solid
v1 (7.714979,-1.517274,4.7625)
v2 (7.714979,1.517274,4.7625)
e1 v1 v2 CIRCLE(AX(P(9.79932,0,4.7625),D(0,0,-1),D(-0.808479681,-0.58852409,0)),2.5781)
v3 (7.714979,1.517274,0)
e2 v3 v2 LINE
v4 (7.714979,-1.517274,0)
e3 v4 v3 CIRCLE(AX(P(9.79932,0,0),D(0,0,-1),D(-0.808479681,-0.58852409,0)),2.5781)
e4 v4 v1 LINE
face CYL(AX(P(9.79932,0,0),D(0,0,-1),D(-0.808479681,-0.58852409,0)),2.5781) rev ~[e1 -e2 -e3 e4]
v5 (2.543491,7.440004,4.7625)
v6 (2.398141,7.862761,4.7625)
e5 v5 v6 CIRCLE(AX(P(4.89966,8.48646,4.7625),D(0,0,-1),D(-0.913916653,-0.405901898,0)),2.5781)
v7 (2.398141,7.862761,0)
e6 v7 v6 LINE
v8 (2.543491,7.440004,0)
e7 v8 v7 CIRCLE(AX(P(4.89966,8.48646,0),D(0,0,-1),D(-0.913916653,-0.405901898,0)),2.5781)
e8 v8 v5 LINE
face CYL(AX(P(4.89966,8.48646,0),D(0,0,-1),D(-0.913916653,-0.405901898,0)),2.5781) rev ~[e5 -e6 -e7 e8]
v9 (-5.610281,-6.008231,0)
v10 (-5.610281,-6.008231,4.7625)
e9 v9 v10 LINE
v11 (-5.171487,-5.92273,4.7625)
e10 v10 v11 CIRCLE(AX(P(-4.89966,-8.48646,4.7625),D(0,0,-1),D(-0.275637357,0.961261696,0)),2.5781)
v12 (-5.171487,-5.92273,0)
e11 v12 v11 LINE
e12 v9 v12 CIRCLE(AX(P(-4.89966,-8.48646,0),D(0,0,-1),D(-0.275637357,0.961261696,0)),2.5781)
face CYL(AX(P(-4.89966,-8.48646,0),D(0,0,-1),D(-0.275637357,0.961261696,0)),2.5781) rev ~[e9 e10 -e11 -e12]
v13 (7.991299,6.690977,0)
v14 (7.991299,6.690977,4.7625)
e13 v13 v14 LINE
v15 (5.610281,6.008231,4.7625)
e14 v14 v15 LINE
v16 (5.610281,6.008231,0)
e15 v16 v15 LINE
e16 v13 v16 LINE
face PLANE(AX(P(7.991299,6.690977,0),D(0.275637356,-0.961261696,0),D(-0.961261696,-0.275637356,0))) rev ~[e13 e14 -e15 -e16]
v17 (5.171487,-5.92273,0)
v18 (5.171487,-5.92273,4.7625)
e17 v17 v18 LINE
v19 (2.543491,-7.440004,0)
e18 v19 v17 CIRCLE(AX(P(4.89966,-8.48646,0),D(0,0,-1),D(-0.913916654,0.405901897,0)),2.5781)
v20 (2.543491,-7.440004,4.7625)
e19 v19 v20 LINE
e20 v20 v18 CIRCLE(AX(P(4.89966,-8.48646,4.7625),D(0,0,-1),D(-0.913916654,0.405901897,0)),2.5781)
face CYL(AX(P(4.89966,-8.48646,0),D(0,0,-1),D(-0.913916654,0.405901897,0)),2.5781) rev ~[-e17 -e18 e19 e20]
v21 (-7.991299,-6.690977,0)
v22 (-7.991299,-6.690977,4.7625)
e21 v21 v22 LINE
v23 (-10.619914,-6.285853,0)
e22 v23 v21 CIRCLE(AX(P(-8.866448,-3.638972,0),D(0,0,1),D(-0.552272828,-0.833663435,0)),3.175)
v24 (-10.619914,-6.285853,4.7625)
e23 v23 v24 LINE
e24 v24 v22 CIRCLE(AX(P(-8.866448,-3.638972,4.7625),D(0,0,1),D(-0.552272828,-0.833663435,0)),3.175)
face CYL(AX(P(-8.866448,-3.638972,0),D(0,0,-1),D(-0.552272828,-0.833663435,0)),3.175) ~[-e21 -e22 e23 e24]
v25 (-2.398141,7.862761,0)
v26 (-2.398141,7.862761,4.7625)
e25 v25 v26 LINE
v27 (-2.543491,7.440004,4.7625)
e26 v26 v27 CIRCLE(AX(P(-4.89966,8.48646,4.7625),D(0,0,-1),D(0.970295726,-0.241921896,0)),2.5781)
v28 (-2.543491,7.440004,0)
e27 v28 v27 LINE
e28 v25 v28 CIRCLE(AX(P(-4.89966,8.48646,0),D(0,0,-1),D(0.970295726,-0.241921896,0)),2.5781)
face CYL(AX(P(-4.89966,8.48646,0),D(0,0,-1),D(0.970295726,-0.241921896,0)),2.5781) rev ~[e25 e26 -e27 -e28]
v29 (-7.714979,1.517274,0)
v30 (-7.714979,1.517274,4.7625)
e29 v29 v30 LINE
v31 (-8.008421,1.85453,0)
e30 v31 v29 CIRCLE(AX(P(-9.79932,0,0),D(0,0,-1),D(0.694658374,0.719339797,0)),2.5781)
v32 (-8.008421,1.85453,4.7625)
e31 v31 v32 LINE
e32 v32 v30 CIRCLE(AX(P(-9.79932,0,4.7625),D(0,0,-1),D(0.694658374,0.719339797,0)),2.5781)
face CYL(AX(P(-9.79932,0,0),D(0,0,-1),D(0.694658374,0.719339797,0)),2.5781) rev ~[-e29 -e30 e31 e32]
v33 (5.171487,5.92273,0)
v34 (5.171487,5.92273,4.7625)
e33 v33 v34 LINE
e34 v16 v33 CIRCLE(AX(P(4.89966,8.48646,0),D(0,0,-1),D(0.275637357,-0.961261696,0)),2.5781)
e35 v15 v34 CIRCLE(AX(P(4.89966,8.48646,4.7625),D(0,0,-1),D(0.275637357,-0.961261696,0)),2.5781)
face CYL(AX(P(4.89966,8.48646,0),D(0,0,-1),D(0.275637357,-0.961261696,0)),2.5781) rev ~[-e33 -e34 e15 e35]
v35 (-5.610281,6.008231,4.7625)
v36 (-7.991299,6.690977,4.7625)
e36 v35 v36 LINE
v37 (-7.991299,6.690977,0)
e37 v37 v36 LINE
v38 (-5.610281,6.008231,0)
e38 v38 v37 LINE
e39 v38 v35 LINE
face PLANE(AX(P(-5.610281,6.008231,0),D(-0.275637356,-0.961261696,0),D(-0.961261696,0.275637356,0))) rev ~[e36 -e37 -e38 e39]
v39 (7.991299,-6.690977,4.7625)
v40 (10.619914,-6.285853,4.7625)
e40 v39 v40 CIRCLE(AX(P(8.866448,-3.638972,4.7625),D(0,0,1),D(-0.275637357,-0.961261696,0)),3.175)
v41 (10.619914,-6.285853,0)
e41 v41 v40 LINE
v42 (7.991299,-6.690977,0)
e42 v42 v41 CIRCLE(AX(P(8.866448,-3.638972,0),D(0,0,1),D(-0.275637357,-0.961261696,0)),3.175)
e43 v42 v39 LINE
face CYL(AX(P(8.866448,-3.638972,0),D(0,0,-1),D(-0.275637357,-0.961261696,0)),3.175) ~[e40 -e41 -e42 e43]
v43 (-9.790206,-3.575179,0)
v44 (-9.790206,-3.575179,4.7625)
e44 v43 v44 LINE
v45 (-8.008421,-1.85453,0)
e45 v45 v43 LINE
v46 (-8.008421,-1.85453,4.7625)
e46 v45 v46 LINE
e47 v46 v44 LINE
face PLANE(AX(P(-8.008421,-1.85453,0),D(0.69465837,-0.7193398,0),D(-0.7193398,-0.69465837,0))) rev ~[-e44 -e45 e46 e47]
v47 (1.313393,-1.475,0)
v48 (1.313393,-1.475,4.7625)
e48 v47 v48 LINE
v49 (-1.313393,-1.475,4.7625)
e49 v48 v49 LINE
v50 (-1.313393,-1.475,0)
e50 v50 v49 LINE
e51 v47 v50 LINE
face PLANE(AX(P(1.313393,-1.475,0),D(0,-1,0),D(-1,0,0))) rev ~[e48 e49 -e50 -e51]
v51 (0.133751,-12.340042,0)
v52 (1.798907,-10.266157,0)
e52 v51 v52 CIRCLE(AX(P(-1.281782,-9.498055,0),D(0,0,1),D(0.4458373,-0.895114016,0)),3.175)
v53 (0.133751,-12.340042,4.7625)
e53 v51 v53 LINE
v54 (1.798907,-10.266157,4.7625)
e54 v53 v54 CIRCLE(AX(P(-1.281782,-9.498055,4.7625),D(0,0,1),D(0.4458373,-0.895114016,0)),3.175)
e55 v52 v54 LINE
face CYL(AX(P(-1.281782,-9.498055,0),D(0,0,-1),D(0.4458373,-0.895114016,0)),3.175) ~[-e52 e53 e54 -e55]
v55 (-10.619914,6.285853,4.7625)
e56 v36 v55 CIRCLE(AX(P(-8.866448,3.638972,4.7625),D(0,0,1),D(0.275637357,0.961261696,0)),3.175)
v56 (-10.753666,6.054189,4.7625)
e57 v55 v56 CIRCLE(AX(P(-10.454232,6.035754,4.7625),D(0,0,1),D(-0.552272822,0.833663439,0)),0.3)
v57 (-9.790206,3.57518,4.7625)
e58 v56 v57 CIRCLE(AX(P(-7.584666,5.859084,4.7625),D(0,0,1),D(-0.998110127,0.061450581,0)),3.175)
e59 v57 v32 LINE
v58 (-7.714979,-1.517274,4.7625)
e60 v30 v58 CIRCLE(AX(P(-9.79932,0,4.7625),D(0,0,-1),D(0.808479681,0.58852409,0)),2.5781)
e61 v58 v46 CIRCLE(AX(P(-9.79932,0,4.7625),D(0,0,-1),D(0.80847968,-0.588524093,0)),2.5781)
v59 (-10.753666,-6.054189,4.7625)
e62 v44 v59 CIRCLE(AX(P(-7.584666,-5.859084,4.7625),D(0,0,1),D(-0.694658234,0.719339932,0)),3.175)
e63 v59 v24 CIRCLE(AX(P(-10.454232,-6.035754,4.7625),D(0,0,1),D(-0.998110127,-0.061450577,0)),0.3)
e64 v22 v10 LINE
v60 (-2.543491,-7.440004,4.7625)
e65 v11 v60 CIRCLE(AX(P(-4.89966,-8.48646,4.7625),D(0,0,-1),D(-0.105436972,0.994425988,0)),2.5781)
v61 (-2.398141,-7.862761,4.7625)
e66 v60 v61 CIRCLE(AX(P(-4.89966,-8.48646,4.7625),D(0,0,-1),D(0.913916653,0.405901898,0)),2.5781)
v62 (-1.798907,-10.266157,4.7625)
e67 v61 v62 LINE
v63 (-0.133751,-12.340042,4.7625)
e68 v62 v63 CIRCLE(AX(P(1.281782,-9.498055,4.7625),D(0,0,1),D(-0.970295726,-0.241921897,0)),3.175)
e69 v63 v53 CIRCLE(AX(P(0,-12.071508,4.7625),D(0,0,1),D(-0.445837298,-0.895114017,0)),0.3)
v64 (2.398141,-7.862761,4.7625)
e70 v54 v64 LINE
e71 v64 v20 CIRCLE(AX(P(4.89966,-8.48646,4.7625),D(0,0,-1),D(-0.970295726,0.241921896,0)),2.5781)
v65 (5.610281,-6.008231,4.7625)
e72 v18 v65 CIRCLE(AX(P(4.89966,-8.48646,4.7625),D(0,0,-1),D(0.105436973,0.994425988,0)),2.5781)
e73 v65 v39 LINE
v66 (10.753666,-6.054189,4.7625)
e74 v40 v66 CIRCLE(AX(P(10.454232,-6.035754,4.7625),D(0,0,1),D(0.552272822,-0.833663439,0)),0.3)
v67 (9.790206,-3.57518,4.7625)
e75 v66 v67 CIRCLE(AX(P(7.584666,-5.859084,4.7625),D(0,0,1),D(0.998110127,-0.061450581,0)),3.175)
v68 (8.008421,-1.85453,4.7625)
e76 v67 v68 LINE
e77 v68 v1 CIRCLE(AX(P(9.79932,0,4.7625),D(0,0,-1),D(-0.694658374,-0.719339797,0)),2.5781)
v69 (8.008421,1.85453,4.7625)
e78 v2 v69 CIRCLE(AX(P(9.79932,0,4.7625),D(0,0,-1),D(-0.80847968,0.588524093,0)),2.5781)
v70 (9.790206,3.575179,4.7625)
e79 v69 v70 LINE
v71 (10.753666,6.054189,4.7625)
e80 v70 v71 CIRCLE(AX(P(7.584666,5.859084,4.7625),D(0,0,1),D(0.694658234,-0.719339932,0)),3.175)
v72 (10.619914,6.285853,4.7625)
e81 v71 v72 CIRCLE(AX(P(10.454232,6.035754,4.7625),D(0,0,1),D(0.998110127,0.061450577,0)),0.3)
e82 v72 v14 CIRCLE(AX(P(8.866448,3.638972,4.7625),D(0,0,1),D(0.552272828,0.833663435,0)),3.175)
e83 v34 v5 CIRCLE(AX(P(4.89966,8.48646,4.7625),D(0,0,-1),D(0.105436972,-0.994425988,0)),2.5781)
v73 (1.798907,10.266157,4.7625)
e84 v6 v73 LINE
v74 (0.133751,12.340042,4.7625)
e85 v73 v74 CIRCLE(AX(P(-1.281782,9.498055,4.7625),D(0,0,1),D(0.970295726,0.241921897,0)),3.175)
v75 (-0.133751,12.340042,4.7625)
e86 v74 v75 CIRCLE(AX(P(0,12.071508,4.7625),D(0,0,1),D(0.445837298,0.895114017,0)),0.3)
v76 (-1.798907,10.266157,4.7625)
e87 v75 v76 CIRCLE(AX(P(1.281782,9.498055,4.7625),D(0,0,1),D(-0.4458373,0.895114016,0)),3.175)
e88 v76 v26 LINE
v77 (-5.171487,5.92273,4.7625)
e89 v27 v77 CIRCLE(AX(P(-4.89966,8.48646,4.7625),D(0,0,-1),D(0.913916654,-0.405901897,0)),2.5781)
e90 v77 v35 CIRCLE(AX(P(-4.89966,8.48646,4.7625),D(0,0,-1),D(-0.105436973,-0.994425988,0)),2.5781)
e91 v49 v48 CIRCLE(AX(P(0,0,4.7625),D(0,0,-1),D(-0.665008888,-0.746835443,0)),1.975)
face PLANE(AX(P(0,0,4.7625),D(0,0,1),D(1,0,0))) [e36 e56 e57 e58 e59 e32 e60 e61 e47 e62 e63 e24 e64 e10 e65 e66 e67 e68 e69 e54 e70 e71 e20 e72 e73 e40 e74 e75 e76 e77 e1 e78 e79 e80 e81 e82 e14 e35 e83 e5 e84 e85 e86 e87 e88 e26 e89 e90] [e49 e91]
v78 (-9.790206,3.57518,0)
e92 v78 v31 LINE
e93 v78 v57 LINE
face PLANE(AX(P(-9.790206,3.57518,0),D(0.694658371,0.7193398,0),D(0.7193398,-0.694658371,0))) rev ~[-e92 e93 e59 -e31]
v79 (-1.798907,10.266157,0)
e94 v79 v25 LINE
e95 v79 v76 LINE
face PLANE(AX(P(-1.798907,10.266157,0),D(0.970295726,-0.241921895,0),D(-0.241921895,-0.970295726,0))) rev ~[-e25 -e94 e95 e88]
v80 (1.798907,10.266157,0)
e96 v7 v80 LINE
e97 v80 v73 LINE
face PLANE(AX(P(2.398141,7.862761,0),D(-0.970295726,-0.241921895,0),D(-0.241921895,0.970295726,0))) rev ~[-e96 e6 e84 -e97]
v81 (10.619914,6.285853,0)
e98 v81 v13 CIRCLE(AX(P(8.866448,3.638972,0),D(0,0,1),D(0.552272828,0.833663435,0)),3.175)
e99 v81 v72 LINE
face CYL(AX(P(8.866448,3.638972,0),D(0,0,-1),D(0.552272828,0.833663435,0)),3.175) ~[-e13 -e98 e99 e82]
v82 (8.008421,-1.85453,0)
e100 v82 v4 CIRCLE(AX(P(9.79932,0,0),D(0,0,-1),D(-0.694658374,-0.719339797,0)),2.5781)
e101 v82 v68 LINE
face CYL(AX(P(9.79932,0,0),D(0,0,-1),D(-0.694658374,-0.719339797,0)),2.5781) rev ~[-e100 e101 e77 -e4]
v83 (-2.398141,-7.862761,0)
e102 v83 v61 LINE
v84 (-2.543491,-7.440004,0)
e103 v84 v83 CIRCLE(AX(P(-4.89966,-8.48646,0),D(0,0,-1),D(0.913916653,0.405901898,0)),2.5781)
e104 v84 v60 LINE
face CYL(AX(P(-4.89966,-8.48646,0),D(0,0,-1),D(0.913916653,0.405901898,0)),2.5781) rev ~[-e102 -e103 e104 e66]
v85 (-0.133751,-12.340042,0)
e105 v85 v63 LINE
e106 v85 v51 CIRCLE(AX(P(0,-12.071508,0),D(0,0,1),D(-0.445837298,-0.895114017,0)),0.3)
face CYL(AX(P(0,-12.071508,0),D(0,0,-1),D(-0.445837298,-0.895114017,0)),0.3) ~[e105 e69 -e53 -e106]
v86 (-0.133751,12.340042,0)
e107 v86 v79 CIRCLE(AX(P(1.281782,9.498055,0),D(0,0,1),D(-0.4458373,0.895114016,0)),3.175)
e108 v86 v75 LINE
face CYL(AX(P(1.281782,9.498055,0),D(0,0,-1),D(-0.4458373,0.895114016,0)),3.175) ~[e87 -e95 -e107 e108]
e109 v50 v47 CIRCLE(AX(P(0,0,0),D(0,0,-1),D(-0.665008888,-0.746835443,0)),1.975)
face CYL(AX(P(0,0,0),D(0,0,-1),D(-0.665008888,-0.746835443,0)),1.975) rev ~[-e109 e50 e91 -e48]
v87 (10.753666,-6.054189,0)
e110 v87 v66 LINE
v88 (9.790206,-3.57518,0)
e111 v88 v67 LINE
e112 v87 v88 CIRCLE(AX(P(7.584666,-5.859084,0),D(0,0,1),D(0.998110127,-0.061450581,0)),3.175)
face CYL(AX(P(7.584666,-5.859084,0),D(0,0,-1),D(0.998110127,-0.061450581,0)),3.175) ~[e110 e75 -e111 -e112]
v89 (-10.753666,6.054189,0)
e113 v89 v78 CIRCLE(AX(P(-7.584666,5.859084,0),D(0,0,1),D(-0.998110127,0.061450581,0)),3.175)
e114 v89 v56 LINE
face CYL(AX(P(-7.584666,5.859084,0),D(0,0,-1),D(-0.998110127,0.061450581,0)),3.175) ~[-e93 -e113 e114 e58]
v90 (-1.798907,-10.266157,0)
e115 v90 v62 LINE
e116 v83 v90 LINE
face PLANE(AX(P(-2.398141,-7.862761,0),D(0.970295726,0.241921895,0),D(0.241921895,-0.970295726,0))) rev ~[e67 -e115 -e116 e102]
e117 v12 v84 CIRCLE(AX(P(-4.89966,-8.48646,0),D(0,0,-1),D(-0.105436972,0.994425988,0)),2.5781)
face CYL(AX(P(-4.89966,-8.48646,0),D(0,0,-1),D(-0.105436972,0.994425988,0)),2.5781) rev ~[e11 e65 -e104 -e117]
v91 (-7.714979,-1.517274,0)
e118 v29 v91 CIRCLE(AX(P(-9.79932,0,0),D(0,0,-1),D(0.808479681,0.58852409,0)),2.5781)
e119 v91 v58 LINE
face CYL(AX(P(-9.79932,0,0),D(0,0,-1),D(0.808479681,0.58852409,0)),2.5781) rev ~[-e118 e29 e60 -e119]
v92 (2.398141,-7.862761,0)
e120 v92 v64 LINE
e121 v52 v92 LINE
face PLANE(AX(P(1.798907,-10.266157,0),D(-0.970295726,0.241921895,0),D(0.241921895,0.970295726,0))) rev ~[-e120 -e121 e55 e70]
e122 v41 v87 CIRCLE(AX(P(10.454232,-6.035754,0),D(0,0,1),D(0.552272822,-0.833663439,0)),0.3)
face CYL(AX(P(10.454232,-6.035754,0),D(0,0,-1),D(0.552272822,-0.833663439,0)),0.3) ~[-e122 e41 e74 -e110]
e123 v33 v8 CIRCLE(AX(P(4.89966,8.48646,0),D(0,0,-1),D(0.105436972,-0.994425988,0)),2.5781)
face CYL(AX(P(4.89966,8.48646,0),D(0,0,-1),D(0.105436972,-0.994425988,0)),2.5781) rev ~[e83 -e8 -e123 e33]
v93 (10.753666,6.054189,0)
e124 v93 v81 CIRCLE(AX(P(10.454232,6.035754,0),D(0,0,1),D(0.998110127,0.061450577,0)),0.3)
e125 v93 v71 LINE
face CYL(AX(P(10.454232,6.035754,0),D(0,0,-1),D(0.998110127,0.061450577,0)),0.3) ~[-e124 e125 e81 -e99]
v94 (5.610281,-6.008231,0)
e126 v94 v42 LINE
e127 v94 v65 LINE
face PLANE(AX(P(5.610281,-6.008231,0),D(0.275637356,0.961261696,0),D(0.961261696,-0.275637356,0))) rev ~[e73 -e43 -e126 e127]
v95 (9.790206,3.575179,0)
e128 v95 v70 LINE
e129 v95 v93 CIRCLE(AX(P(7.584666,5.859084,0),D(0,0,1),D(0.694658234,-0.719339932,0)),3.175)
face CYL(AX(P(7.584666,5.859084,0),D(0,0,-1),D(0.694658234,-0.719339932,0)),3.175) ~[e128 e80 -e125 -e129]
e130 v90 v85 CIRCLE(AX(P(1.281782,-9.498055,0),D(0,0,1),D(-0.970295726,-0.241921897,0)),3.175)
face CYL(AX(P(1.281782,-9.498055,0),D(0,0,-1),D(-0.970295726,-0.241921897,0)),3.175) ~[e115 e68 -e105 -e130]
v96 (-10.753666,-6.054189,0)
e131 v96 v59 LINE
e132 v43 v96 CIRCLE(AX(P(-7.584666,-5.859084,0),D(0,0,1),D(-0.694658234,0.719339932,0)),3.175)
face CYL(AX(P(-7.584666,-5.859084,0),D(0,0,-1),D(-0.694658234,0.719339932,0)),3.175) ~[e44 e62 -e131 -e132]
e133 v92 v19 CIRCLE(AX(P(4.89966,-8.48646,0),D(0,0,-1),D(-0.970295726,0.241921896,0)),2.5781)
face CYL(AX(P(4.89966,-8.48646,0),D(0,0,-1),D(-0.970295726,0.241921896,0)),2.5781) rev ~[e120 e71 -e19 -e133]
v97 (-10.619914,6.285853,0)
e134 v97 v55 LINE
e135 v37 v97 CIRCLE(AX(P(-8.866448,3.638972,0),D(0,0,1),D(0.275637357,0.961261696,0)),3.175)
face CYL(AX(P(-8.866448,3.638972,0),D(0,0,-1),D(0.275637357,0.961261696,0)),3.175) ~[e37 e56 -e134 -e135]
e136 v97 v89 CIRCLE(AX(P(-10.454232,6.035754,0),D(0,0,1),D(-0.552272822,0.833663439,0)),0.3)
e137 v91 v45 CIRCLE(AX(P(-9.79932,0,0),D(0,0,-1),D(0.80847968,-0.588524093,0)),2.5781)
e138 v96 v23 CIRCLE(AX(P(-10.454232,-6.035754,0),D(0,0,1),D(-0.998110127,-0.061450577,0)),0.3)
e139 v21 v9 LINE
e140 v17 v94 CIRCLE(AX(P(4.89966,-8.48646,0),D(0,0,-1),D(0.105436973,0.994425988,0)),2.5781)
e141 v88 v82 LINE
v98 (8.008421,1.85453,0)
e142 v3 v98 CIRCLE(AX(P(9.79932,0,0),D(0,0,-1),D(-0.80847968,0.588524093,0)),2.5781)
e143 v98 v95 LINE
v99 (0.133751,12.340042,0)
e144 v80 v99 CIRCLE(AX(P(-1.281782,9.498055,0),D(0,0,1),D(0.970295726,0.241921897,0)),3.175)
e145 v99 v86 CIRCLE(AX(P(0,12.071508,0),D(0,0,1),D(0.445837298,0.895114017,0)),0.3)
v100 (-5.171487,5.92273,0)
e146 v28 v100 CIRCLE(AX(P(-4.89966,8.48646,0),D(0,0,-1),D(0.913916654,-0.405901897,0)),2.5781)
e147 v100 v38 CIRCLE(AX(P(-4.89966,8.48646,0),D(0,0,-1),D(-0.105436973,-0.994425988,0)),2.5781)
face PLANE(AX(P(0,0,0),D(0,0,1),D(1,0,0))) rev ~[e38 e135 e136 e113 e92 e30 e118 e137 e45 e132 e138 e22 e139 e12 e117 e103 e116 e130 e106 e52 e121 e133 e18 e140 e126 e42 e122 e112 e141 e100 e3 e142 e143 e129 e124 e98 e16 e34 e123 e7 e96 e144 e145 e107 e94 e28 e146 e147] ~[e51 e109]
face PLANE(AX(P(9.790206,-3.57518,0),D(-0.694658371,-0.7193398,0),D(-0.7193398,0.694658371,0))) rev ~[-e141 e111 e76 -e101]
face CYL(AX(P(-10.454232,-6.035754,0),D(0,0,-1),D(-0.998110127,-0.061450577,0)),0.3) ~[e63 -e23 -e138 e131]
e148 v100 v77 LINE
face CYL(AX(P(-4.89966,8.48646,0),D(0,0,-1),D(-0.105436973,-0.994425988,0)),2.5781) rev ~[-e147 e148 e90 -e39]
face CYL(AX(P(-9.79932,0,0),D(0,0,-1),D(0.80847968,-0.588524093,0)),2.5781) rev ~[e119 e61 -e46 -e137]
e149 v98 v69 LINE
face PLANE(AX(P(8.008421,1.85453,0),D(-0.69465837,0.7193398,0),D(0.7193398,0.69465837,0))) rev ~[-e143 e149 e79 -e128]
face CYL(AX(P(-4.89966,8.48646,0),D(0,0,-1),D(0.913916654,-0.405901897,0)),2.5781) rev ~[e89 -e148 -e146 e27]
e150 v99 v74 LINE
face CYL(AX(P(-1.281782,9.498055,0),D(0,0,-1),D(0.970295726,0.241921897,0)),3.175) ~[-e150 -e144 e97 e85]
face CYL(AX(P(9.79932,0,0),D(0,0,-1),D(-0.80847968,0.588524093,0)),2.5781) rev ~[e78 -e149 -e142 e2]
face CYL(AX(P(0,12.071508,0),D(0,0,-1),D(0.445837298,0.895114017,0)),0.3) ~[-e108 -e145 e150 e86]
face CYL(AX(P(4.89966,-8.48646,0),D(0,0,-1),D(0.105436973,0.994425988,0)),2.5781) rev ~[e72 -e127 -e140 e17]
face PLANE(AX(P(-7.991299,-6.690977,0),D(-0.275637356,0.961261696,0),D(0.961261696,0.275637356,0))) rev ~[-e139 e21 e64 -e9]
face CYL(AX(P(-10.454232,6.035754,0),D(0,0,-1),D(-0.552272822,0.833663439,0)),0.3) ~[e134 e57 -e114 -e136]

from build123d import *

# Parameters (mm, degrees)
BOSS_EXTRUDE1_DEPTH = 4.7625


with BuildPart() as part:
    # Sketch1 → Boss-Extrude1 (new body)
    with BuildSketch(Plane.XY):
        with BuildLine():
            ThreePointArc((0.13375119, -12.340042072), (1.193950707, -11.485860744), (1.798906697, -10.266157088))
            Line((1.798906697, -10.266157088), (2.398140588, -7.862761221))
            ThreePointArc((2.398140588, -7.862761221), (2.461635419, -7.64822635), (2.543491476, -7.440004377))
            ThreePointArc((2.543491476, -7.440004377), (3.61061, -6.253759966), (5.171487057, -5.922730421))
            ThreePointArc((5.171487057, -5.922730421), (5.392740604, -5.955951983), (5.610280667, -6.008231282))
            Line((5.610280667, -6.008231282), (7.991299489, -6.690977442))
            ThreePointArc((7.991299489, -6.690977442), (9.350071835, -6.776922016), (10.619914323, -6.285852964))
            ThreePointArc((10.619914323, -6.285852964), (10.714040096, -6.185753934), (10.753665513, -6.054189108))
            ThreePointArc((10.753665513, -6.054189108), (10.544022542, -4.708938729), (9.790206185, -3.575179646))
            Line((9.790206185, -3.575179646), (8.008421255, -1.854529939))
            ThreePointArc((8.008421255, -1.854529939), (7.854376023, -1.692274367), (7.714978533, -1.517273956))
            ThreePointArc((7.714978533, -1.517273956), (7.22122, 0), (7.714978533, 1.517273956))
            ThreePointArc((7.714978533, 1.517273956), (7.854376023, 1.692274367), (8.008421255, 1.854529939))
            Line((8.008421255, 1.854529939), (9.790205754, 3.575179229))
            ThreePointArc((9.790205754, 3.575179229), (10.544022434, 4.708938449), (10.753665513, 6.054189108))
            ThreePointArc((10.753665513, 6.054189108), (10.714040096, 6.185753934), (10.619914323, 6.285852964))
            ThreePointArc((10.619914323, 6.285852964), (9.350071835, 6.776922015), (7.991299489, 6.690977442))
            Line((7.991299489, 6.690977442), (5.610280667, 6.008231282))
            ThreePointArc((5.610280667, 6.008231282), (5.392740604, 5.955951983), (5.171487057, 5.922730421))
            ThreePointArc((5.171487057, 5.922730421), (3.61061, 6.253759966), (2.543491476, 7.440004377))
            ThreePointArc((2.543491476, 7.440004377), (2.461635419, 7.64822635), (2.398140588, 7.862761221))
            Line((2.398140588, 7.862761221), (1.798906697, 10.266157088))
            ThreePointArc((1.798906697, 10.266157088), (1.193950707, 11.485860744), (0.13375119, 12.340042072))
            ThreePointArc((0.13375119, 12.340042072), (0, 12.371507867), (-0.13375119, 12.340042072))
            ThreePointArc((-0.13375119, 12.340042072), (-1.193950707, 11.485860744), (-1.798906697, 10.266157088))
            Line((-1.798906697, 10.266157088), (-2.398140588, 7.862761221))
            ThreePointArc((-2.398140588, 7.862761221), (-2.461635419, 7.64822635), (-2.543491476, 7.440004377))
            ThreePointArc((-2.543491476, 7.440004377), (-3.61061, 6.253759966), (-5.171487057, 5.922730421))
            ThreePointArc((-5.171487057, 5.922730421), (-5.392740604, 5.955951983), (-5.610280667, 6.008231282))
            Line((-5.610280667, 6.008231282), (-7.991299489, 6.690977442))
            ThreePointArc((-7.991299489, 6.690977442), (-9.350071835, 6.776922016), (-10.619914323, 6.285852964))
            ThreePointArc((-10.619914323, 6.285852964), (-10.714040096, 6.185753934), (-10.753665513, 6.054189108))
            ThreePointArc((-10.753665513, 6.054189108), (-10.544022542, 4.708938729), (-9.790206185, 3.575179646))
            Line((-9.790206185, 3.575179646), (-8.008421255, 1.854529939))
            ThreePointArc((-8.008421255, 1.854529939), (-7.854376023, 1.692274367), (-7.714978533, 1.517273956))
            ThreePointArc((-7.714978533, 1.517273956), (-7.22122, 0), (-7.714978533, -1.517273956))
            ThreePointArc((-7.714978533, -1.517273956), (-7.854376023, -1.692274367), (-8.008421255, -1.854529939))
            Line((-8.008421255, -1.854529939), (-9.790205754, -3.575179229))
            ThreePointArc((-9.790205754, -3.575179229), (-10.544022434, -4.708938449), (-10.753665513, -6.054189108))
            ThreePointArc((-10.753665513, -6.054189108), (-10.714040096, -6.185753934), (-10.619914323, -6.285852964))
            ThreePointArc((-10.619914323, -6.285852964), (-9.350071835, -6.776922015), (-7.991299489, -6.690977442))
            Line((-7.991299489, -6.690977442), (-5.610280667, -6.008231282))
            ThreePointArc((-5.610280667, -6.008231282), (-5.392740604, -5.955951983), (-5.171487057, -5.922730421))
            ThreePointArc((-5.171487057, -5.922730421), (-3.61061, -6.253759966), (-2.543491476, -7.440004377))
            ThreePointArc((-2.543491476, -7.440004377), (-2.461635419, -7.64822635), (-2.398140588, -7.862761221))
            Line((-2.398140588, -7.862761221), (-1.798906697, -10.266157088))
            ThreePointArc((-1.798906697, -10.266157088), (-1.193950707, -11.485860744), (-0.13375119, -12.340042072))
            ThreePointArc((-0.13375119, -12.340042072), (0, -12.371507867), (0.13375119, -12.340042072))
        make_face()
        with BuildLine():
            Line((1.313392554, -1.475), (-1.313392554, -1.475))
            ThreePointArc((-1.313392554, -1.475), (0, 1.975), (1.313392554, -1.475))
        make_face(mode=Mode.SUBTRACT)
    extrude(amount=BOSS_EXTRUDE1_DEPTH)


solid = part.part
